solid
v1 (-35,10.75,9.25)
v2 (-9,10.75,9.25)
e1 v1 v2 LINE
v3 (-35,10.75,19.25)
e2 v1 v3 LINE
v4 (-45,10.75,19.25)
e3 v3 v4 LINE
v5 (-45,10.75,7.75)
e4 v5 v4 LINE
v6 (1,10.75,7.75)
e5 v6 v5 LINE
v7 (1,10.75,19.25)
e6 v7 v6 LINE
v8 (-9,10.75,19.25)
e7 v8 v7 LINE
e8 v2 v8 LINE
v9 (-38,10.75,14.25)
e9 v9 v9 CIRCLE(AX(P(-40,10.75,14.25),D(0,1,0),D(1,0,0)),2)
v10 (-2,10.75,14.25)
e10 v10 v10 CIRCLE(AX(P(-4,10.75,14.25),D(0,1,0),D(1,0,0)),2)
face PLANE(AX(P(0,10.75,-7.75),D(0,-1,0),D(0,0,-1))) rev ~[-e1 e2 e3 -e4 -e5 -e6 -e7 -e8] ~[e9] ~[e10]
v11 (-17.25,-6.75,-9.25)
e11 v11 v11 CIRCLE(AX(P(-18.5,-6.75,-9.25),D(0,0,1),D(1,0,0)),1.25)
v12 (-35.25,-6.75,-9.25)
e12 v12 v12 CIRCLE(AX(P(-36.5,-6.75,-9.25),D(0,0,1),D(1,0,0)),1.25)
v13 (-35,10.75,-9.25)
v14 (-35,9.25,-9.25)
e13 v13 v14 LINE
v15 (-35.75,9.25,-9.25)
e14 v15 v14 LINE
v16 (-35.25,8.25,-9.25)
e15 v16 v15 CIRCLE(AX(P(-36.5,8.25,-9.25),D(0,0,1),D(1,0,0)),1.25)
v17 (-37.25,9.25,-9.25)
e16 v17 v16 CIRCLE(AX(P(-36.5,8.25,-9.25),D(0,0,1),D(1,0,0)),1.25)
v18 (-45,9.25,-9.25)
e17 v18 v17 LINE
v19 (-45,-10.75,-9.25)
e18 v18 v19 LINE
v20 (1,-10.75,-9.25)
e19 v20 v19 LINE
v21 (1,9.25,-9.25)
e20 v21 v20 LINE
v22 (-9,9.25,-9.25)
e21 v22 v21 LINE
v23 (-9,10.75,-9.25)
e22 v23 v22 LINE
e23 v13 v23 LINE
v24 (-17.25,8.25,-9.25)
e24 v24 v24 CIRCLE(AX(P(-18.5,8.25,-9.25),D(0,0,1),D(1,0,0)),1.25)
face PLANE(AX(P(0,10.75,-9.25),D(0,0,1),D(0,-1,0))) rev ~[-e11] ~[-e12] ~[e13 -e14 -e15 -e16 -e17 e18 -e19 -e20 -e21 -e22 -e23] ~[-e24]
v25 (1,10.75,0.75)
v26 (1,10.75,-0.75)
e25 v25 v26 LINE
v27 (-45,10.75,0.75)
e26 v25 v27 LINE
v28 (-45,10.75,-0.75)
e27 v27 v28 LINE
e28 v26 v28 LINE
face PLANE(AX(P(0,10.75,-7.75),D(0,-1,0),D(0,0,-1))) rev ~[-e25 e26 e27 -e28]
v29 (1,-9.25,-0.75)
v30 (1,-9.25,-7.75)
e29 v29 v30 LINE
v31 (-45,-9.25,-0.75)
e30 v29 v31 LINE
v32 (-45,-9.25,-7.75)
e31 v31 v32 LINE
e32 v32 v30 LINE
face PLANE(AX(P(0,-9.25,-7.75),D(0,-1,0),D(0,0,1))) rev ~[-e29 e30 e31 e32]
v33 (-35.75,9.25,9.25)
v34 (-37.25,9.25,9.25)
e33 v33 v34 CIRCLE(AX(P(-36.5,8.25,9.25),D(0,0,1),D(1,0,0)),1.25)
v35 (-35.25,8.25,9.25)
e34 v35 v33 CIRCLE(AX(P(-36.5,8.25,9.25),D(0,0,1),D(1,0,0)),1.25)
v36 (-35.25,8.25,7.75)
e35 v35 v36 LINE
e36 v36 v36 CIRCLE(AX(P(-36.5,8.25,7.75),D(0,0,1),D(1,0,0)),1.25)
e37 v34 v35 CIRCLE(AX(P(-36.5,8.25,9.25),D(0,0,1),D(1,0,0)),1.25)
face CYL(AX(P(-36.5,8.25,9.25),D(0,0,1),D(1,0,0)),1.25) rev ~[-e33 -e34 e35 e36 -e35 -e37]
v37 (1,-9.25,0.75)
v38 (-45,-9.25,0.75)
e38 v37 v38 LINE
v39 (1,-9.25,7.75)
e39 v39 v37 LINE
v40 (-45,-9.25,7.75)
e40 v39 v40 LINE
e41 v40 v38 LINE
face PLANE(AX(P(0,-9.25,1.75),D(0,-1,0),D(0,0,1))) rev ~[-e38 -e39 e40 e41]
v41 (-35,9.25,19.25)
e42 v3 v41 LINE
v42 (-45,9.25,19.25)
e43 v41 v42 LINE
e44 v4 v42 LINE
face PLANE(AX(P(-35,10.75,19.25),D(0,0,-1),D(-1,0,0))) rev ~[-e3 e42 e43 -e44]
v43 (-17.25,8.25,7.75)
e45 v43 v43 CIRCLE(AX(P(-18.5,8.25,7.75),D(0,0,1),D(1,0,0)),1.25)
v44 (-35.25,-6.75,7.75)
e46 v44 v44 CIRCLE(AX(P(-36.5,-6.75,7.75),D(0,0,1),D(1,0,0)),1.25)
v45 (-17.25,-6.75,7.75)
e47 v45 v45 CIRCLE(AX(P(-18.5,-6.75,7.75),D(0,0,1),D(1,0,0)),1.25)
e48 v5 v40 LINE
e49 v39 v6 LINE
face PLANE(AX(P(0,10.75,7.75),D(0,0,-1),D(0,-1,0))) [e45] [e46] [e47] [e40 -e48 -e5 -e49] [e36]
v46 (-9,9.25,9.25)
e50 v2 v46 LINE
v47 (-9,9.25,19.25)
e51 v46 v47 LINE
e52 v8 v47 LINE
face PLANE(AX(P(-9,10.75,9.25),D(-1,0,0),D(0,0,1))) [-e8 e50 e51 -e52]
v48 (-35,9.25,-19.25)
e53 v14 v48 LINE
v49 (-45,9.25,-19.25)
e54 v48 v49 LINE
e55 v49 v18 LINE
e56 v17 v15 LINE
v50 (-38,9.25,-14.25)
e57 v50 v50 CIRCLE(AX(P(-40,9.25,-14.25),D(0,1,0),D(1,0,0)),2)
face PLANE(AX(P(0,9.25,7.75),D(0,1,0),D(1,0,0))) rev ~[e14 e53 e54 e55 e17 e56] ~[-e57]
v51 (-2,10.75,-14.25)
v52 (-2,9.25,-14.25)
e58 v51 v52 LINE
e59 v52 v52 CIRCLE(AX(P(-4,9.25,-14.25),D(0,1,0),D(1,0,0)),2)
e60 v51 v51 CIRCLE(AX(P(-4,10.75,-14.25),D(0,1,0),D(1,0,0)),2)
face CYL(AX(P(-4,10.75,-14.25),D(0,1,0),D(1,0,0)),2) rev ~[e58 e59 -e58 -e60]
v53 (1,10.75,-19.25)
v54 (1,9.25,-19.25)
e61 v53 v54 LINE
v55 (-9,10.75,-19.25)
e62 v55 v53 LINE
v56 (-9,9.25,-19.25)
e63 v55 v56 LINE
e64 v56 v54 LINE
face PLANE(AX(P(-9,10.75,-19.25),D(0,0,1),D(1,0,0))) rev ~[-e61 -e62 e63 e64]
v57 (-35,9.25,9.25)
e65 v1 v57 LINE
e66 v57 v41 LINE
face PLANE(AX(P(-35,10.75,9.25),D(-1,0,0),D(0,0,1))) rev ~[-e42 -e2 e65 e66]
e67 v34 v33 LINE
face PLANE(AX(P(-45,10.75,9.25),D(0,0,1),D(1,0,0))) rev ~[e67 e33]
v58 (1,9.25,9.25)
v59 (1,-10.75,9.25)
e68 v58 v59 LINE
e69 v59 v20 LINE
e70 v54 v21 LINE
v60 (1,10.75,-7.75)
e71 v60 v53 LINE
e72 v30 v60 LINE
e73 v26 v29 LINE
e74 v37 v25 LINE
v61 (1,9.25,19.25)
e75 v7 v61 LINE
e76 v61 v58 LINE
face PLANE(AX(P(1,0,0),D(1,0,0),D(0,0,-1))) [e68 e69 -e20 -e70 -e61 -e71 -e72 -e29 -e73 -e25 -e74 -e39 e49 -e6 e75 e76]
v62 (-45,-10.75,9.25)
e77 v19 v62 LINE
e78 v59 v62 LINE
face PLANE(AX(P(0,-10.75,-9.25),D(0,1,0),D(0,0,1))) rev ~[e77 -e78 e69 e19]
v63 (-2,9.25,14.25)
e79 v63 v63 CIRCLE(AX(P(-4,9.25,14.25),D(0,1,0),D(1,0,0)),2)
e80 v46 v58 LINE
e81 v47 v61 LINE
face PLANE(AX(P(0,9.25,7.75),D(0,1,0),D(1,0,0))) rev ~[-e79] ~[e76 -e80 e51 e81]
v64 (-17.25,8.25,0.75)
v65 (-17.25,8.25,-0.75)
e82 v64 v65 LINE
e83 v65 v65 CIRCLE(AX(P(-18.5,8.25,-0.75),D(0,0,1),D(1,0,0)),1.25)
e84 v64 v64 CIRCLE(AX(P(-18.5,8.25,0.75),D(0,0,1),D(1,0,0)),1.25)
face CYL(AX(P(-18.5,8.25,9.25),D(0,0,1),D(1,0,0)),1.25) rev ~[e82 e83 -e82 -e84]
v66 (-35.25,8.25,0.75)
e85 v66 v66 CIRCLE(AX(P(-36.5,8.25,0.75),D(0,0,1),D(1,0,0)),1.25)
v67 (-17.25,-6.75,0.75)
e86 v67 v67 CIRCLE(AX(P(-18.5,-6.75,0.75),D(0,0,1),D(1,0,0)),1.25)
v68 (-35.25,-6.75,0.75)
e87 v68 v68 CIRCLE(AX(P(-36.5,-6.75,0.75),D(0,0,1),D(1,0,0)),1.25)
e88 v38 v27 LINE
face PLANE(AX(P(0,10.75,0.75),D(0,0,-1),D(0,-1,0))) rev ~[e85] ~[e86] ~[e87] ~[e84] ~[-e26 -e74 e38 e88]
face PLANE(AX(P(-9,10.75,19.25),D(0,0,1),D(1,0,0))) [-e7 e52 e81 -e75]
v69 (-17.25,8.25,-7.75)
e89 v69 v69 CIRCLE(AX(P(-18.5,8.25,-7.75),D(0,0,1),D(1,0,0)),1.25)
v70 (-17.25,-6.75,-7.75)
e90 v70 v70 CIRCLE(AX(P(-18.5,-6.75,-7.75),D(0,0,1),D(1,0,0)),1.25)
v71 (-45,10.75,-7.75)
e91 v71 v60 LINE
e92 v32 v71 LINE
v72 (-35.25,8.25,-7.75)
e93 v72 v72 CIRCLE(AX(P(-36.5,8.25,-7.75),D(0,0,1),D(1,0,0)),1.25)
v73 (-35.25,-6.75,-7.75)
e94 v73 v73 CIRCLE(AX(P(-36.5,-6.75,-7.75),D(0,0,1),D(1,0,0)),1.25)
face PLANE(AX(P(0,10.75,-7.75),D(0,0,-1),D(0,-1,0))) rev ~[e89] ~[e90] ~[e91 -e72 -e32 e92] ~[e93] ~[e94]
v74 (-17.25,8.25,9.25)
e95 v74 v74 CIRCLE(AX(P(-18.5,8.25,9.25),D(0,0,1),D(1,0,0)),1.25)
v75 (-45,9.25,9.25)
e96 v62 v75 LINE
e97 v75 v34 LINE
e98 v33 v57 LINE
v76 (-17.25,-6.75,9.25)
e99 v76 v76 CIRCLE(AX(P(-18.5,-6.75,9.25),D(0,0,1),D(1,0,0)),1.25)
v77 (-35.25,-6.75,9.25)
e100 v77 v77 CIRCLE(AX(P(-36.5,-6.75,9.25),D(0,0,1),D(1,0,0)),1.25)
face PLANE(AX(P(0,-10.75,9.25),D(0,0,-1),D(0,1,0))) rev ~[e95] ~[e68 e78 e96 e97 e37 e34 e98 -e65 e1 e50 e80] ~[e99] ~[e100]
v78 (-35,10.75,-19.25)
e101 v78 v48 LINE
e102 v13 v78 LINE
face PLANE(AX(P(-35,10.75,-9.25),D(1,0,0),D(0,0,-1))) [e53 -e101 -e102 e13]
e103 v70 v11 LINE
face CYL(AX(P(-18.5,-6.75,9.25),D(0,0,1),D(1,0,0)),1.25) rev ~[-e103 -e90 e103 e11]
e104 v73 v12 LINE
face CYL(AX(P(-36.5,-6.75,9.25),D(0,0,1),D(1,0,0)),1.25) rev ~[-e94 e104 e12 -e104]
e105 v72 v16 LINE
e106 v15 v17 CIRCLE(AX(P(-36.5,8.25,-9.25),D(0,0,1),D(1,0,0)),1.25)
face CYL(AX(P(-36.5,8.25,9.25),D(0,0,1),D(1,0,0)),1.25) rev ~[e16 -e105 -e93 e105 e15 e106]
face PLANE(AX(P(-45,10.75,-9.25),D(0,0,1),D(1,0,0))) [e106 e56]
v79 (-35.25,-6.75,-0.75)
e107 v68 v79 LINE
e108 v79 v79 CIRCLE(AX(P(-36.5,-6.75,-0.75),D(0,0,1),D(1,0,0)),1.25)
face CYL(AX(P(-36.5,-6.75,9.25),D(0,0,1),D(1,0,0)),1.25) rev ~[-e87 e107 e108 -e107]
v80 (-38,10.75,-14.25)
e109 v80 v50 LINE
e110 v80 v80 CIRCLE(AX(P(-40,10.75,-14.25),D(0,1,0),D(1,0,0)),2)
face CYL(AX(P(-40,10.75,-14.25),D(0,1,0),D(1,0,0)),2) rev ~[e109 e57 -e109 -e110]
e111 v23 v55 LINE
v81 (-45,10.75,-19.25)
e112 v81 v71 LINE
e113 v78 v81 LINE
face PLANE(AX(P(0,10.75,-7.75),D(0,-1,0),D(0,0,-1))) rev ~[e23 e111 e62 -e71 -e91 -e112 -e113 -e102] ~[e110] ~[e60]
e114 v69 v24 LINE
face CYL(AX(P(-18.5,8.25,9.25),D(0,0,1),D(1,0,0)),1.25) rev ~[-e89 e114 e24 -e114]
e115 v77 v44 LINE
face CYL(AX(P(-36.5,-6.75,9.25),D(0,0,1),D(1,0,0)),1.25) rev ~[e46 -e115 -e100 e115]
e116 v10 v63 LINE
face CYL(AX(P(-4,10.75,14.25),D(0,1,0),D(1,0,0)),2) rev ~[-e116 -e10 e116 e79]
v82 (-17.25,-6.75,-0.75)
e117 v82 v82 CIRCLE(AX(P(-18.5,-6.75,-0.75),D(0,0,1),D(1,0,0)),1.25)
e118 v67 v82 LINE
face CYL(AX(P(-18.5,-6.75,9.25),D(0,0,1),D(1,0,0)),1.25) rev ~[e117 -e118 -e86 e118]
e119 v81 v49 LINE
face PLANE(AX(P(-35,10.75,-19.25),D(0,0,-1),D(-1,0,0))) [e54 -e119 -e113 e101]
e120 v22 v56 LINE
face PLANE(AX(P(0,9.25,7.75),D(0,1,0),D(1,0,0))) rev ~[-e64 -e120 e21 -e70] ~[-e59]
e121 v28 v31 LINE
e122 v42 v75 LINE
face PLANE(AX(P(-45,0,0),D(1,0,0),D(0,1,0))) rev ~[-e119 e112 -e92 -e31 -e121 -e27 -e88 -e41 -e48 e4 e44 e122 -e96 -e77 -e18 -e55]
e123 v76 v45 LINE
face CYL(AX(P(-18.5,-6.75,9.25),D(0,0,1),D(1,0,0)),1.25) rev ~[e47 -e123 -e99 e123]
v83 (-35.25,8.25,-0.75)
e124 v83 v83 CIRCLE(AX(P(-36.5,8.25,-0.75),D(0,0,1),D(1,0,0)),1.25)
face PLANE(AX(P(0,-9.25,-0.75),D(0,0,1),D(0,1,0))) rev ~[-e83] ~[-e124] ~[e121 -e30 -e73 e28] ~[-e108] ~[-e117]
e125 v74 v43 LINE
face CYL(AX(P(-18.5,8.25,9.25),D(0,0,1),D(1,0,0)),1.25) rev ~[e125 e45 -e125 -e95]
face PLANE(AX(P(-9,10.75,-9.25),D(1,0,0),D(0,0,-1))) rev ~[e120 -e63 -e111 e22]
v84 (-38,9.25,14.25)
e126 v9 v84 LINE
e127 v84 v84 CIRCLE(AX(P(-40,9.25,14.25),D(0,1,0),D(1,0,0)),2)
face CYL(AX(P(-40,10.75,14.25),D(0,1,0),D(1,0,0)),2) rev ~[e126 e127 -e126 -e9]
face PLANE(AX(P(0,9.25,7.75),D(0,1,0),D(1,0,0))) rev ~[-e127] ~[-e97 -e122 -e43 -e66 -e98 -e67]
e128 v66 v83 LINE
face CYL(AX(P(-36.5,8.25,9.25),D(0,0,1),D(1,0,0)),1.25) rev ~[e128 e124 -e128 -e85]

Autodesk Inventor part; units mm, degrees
ref_plane "YZ Plane" through (0, 0, 0) normal (1, 0, 0) x (0, 1, 0)
ref_plane "XZ Plane" through (0, 0, 0) normal (0, 1, 0) x (-1, 0, 0)
ref_plane "XY Plane" through (0, 0, 0) normal (0, 0, 1) x (1, 0, 0)
sketch "스케치1" plane through (0, 0, 0) normal (1, 0, 0) x (0, 1, 0)
  line L0 (10.75, -9.25) -> (-10.75, -9.25)
  line L1 (-10.75, -9.25) -> (-10.75, 9.25)
  line L2 (-10.75, 9.25) -> (10.75, 9.25)
  line L3 (10.75, 9.25) -> (10.75, -9.25)
  line L4 (10.75, -9.25) -> (-10.75, 9.25) construction
  line L5 (-10.75, -9.25) -> (10.75, 9.25) construction
  line L6 (10.75, 7.75) -> (-9.25, 7.75)
  line L7 (-9.25, 7.75) -> (-9.25, 0.75)
  line L8 (-9.25, 0.75) -> (10.75, 0.75)
  line L9 (10.75, 0.75) -> (10.75, 7.75)
  line L10 (-9.25, -7.75) -> (10.75, -7.75)
  line L11 (-9.25, -0.75) -> (-9.25, -7.75)
  line L12 (10.75, -0.75) -> (-9.25, -0.75)
  line L13 (10.75, 9.25) -> (12.25, 9.25)
  line L14 (12.25, 9.25) -> (12.25, -9.25)
  line L15 (12.25, -9.25) -> (10.75, -9.25)
  line L16 (10.75, -9.25) -> (10.75, 9.25)
  point P0 (0, 0)
  point P1 (10.75, -7.75)
  point P2 (10.75, -0.75)
  point P3 (-10, 7.75)
  point P4 (-10, -7.75)
  point P5 (-10, 0.75)
  point P6 (-10, -0.75)
  point P7 (-10, -0.75)
  point P8 (-10, -7.75)
  dimension "d0" = 21.5
  dimension "d1" = 18.5
  dimension "d2" = 20
  dimension "d3" = 7
  dimension "d4" = 1.5
  dimension "d7" = 8.5
  dimension "d18" = 1.5
extrude "돌출1" add sketch "스케치1" against normal blind 45 contours L0 L1 L2 L3 L6 L7 L8 L12 L11 L10
sketch "스케치2" plane through (0, 0, 0) normal (1, 0, 0) x (0, 0, -1)
  line L0 (-9.25, -10.75) -> (9.25, -10.75) projected
  line L1 (-9.25, 10.75) -> (-9.25, -10.75) projected
  line L2 (-9.25, 10.75) -> (9.25, 10.75)
  line L3 (9.25, 10.75) -> (9.25, -10.75)
  line L4 (9.25, -10.75) -> (-9.25, -10.75)
  line L5 (-9.25, -10.75) -> (-9.25, 10.75)
  line L6 (9.25, 10.75) -> (-9.25, 10.75)
  line L7 (-9.25, 10.75) -> (-7.75, 10.75) projected
  point P0 (0, 0)
extrude "돌출2" add sketch "스케치2" along normal blind 1
sketch "스케치4" plane through (-45, -10.75, 9.25) normal (0, 0, 1) x (1, 0, 0)
  circle A0 centre (8.5, 19) radius 1.25 projected
  circle A1 centre (26.5, 19) radius 1.25 projected
  circle A2 centre (26.5, 4) radius 1.25 projected
  circle A3 centre (8.5, 4) radius 1.25 projected
  point P0 (45, 10.75)
extrude "돌출3" cut sketch "스케치4" against normal blind 45
sketch "스케치9" plane through (0, 10.75, 7.75) normal (0, 1, 0) x (1, 0, 0)
  line L0 (-45, 7) -> (-45, 8.5) projected
  line L1 (0, 7) -> (-45, 7) projected
  line L2 (-45, -1.5) -> (1, -1.5) projected
  line L3 (-45, 17) -> (1, 17) projected
  line L4 (-45, 17) -> (-35, 17)
  line L5 (-45, -1.5) -> (-35, -1.5)
  line L6 (-35, -1.5) -> (-35, -11.5)
  line L7 (-35, -11.5) -> (-45, -11.5)
  line L8 (-45, -11.5) -> (-45, -1.5)
  circle A0 centre (-40, -6.5) radius 2
  line L9 (-45, 7.75) -> (0, 7.75) construction
  line L10 (-22, -1.5) -> (-22, 17) construction
  line L11 (-35, 17) -> (-35, 27)
  line L12 (-35, 27) -> (-45, 27)
  line L13 (-45, 27) -> (-45, 17)
  circle A1 centre (-40, 22) radius 2
  line L14 (-45, 17) -> (-35, 17)
  line L15 (1, 17) -> (-9, 17)
  line L16 (1, -1.5) -> (-9, -1.5)
  line L17 (-9, -1.5) -> (-9, -11.5)
  line L18 (-9, -11.5) -> (1, -11.5)
  line L19 (1, -11.5) -> (1, -1.5)
  circle A2 centre (-4, -6.5) radius 2
  circle A3 centre (-4, 22) radius 2
  line L20 (-9, 17) -> (-9, 27)
  line L21 (-9, 27) -> (1, 27)
  line L22 (1, 27) -> (1, 17)
  line L23 (1, 17) -> (-9, 17)
  point P0 (-9, 17)
  dimension "d31" = 10
  dimension "d32" = 10
  dimension "d33" = 4
  dimension "d34" = 5
  dimension "d35" = 5
extrude "돌출6" add sketch "스케치9" against normal blind 1.5
sketch "스케치10" plane through (0, 0, 0) normal (-1, 0, 0) x (0, 0, 1)
  line L0 (-0.75, -9.25) -> (-0.75, 10.75) projected
  line L1 (-7.75, 10.75) -> (-0.75, 10.75) projected
  line L2 (-7.75, 10.75) -> (-7.75, -9.25) projected
  line L3 (-7.75, -9.25) -> (-0.75, -9.25) projected
  line L4 (1.75, 10.75) -> (1.75, -9.25) projected
  line L5 (1.75, -9.25) -> (7.75, -9.25) projected
  line L6 (7.75, 10.75) -> (7.75, -9.25) projected
  line L7 (1.75, 10.75) -> (7.75, 10.75) projected
  line L8 (0.75, 10.75) -> (0.75, -9.25) projected
  line L9 (0.75, -9.25) -> (7.75, -9.25) projected
  line L10 (7.75, -9.25) -> (7.75, 10.75) projected
  line L11 (0.75, 10.75) -> (7.75, 10.75) projected
  point P0 (0, 0)
extrude "돌출7" cut sketch "스케치10" against normal blind 10
properties part number "SAFRS-P-0031"
